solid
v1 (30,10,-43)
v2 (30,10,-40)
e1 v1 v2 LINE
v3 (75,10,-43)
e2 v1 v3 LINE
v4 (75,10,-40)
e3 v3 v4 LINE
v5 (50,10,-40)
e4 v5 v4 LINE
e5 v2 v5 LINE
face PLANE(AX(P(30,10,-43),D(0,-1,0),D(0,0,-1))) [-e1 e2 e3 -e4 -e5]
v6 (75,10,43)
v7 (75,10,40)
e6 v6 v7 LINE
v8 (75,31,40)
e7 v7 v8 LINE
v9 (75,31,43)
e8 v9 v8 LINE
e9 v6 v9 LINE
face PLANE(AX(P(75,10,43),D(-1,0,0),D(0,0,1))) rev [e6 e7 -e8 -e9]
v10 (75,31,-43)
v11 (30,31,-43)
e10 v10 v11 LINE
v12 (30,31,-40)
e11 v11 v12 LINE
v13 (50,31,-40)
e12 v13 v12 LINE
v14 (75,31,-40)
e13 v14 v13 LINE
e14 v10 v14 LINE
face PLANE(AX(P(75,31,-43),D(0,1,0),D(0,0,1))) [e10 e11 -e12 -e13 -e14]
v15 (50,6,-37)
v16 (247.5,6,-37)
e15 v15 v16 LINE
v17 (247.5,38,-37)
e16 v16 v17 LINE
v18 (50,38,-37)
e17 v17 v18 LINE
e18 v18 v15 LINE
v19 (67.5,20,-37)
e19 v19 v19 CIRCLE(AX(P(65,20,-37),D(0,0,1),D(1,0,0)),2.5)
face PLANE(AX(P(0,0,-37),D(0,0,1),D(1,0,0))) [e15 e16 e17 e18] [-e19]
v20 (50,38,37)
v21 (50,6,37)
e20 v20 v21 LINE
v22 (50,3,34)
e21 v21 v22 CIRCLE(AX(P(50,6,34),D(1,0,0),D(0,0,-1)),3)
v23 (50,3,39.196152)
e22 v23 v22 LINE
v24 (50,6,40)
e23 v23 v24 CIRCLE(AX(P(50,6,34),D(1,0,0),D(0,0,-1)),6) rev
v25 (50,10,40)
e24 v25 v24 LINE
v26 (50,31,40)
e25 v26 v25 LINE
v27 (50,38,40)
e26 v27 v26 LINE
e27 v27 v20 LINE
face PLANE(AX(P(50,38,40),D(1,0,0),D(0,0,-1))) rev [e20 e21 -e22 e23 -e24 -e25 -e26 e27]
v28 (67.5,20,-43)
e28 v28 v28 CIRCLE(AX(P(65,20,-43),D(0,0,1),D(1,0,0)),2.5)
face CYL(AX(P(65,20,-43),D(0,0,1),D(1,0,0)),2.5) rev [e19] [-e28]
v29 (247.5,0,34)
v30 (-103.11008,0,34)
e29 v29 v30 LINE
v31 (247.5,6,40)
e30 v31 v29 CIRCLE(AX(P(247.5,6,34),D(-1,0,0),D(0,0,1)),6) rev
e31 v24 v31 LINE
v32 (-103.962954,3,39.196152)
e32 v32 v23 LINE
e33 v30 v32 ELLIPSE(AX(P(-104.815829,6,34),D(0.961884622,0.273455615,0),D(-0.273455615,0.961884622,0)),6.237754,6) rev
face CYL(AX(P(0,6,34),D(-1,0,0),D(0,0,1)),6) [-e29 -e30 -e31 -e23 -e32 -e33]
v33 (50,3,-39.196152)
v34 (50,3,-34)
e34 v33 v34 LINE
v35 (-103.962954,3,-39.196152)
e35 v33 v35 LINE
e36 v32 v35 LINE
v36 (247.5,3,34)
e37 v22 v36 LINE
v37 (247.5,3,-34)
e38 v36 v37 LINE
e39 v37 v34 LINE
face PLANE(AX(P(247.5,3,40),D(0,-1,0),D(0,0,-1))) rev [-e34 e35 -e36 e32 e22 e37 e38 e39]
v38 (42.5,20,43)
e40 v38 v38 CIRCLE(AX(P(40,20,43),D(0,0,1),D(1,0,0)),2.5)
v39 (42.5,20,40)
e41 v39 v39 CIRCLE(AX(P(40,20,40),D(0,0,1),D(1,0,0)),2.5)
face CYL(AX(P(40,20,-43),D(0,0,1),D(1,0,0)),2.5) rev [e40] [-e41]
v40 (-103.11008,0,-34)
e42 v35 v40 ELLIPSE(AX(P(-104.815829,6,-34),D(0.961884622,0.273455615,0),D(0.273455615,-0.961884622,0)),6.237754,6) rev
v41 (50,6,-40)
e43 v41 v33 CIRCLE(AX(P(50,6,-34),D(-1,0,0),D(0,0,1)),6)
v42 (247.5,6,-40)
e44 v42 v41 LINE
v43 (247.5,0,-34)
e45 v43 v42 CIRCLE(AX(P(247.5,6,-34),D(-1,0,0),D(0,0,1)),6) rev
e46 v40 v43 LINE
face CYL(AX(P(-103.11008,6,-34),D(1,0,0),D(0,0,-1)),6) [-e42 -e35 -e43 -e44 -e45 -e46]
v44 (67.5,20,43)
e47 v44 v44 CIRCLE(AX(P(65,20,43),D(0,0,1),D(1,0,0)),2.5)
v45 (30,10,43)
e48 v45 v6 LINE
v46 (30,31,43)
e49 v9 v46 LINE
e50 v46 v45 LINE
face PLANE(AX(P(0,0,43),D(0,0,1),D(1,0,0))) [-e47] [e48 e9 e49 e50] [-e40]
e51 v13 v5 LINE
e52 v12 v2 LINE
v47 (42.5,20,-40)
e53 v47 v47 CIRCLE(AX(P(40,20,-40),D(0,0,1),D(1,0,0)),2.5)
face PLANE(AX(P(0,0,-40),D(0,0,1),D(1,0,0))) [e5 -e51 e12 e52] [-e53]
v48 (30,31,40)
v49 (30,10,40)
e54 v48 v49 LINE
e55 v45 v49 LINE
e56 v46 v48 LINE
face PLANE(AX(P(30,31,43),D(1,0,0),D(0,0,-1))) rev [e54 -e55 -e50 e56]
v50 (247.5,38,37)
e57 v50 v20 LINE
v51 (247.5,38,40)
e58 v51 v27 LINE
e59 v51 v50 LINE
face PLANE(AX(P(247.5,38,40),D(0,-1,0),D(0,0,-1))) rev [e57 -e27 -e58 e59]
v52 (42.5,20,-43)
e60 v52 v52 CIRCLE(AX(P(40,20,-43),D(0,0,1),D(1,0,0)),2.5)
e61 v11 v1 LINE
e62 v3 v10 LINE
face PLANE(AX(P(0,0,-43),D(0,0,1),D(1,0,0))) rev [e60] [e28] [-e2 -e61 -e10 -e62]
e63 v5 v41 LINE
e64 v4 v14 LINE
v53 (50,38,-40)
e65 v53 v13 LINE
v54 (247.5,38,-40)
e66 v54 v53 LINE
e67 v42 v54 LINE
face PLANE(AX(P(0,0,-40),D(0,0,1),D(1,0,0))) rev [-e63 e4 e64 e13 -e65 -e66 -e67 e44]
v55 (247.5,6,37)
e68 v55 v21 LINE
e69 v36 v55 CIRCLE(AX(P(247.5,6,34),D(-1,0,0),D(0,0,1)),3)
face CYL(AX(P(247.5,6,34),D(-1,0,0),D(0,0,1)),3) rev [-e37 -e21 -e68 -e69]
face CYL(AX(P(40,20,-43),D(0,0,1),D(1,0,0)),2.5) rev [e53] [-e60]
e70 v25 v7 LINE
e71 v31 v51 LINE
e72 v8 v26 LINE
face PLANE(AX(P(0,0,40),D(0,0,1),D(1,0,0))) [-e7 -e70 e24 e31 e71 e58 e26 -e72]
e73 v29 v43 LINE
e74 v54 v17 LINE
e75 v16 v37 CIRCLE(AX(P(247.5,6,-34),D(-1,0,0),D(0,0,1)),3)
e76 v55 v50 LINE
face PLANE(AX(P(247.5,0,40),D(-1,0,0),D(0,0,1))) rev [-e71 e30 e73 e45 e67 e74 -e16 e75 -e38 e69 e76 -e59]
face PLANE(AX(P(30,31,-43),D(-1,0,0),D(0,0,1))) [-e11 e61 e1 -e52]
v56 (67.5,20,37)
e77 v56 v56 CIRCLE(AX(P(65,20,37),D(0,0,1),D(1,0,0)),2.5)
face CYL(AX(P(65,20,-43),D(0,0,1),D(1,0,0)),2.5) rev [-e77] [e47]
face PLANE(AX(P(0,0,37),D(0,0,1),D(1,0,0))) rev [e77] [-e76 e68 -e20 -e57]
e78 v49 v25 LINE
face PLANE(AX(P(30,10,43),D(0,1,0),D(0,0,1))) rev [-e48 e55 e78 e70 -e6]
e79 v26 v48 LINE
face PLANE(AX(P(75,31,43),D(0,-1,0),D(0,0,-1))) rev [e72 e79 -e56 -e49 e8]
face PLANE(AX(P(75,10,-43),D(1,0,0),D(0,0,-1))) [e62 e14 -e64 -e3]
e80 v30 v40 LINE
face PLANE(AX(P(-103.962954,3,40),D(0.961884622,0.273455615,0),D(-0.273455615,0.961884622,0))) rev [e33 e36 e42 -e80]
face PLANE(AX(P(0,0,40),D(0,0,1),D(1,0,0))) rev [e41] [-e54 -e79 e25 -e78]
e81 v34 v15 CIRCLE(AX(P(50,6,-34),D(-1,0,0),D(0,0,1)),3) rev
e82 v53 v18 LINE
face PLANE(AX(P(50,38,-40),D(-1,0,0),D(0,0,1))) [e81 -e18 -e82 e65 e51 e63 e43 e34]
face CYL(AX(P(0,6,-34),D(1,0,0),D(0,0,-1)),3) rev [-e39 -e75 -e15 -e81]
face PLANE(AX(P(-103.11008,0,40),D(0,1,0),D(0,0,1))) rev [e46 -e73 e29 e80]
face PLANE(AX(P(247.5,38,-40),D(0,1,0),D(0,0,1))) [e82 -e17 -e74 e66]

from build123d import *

# Parameters (mm, degrees)
FLOOR_2_DEPTH        = 40
SIDE_START           = 37
SKETCH_2_W           = 197.5
SKETCH_2_H           = 35
SIDE_FRONT_DEPTH     = 3
SIDE_START_2         = -37
SKETCH_3_W           = 197.5
SKETCH_3_H           = 35
SIDE_REAR_DEPTH      = 3
INSIDE_BEND_FRONT_R  = 3
INSIDE_BEND_REAR_R   = 3
OUTSIDE_BEND_FRONT_R = 6
OUTSIDE_BEND_REAR_R  = 6
JOINT_START          = 40
SKETCH_4_W           = 45
SKETCH_4_H           = 21
JOINT_FRONT_DEPTH    = 3
JOINT_START_2        = -40
SKETCH_5_W           = 45
SKETCH_5_H           = 21
JOINT_REAR_DEPTH     = 3
SKETCH_6_R           = 2.5
FIXING_HOLES_DEPTH   = 43


with BuildPart() as part:
    # 草图1 → Floor 2 (new, symmetric)
    with BuildSketch(Plane.XY):
        Polygon((-103.110079617, 0), (247.5, 0), (247.5, 3), (-103.962954093, 3), align=None)
    extrude(amount=FLOOR_2_DEPTH, both=True)

    # 草图2 → Side Front (add)
    with BuildSketch(Plane.XY.offset(SIDE_START)):
        with Locations((148.75, 20.5)):
            Rectangle(SKETCH_2_W, SKETCH_2_H)
    extrude(amount=SIDE_FRONT_DEPTH)

    # 草图3 → Side Rear (add)
    with BuildSketch(Plane.XY.offset(SIDE_START_2)):
        with Locations((148.75, 20.5)):
            Rectangle(SKETCH_3_W, SKETCH_3_H)
    extrude(amount=-SIDE_REAR_DEPTH)

    # Inside Bend Front
    inside_bend_front_edges = [part.edges().sort_by_distance(p)[0] for p in [
        (148.75, 3, 37),
    ]]
    fillet(inside_bend_front_edges, radius=INSIDE_BEND_FRONT_R)

    # Inside Bend Rear
    inside_bend_rear_edges = [part.edges().sort_by_distance(p)[0] for p in [
        (148.75, 3, -37),
    ]]
    fillet(inside_bend_rear_edges, radius=INSIDE_BEND_REAR_R)

    # Outside Bend Front
    outside_bend_front_edges = [part.edges().sort_by_distance(p)[0] for p in [
        (72.194960192, 0, 40),
    ]]
    fillet(outside_bend_front_edges, radius=OUTSIDE_BEND_FRONT_R)

    # Outside Bend Rear
    outside_bend_rear_edges = [part.edges().sort_by_distance(p)[0] for p in [
        (72.194960192, 0, -40),
    ]]
    fillet(outside_bend_rear_edges, radius=OUTSIDE_BEND_REAR_R)

    # 草图4 → Joint Front (add)
    with BuildSketch(Plane.XY.offset(JOINT_START)):
        with Locations((52.5, 20.5)):
            Rectangle(SKETCH_4_W, SKETCH_4_H)
    extrude(amount=JOINT_FRONT_DEPTH)

    # 草图5 → Joint Rear (add)
    with BuildSketch(Plane.XY.offset(JOINT_START_2)):
        with Locations((52.5, 20.5)):
            Rectangle(SKETCH_5_W, SKETCH_5_H)
    extrude(amount=-JOINT_REAR_DEPTH)

    # 草图6 → Fixing Holes (cut, symmetric)
    with BuildSketch(Plane.XY):
        with Locations((40, 20)):
            Circle(SKETCH_6_R)
        with Locations((65, 20)):
            Circle(SKETCH_6_R)
    extrude(amount=FIXING_HOLES_DEPTH, both=True, mode=Mode.SUBTRACT)


solid = part.part
